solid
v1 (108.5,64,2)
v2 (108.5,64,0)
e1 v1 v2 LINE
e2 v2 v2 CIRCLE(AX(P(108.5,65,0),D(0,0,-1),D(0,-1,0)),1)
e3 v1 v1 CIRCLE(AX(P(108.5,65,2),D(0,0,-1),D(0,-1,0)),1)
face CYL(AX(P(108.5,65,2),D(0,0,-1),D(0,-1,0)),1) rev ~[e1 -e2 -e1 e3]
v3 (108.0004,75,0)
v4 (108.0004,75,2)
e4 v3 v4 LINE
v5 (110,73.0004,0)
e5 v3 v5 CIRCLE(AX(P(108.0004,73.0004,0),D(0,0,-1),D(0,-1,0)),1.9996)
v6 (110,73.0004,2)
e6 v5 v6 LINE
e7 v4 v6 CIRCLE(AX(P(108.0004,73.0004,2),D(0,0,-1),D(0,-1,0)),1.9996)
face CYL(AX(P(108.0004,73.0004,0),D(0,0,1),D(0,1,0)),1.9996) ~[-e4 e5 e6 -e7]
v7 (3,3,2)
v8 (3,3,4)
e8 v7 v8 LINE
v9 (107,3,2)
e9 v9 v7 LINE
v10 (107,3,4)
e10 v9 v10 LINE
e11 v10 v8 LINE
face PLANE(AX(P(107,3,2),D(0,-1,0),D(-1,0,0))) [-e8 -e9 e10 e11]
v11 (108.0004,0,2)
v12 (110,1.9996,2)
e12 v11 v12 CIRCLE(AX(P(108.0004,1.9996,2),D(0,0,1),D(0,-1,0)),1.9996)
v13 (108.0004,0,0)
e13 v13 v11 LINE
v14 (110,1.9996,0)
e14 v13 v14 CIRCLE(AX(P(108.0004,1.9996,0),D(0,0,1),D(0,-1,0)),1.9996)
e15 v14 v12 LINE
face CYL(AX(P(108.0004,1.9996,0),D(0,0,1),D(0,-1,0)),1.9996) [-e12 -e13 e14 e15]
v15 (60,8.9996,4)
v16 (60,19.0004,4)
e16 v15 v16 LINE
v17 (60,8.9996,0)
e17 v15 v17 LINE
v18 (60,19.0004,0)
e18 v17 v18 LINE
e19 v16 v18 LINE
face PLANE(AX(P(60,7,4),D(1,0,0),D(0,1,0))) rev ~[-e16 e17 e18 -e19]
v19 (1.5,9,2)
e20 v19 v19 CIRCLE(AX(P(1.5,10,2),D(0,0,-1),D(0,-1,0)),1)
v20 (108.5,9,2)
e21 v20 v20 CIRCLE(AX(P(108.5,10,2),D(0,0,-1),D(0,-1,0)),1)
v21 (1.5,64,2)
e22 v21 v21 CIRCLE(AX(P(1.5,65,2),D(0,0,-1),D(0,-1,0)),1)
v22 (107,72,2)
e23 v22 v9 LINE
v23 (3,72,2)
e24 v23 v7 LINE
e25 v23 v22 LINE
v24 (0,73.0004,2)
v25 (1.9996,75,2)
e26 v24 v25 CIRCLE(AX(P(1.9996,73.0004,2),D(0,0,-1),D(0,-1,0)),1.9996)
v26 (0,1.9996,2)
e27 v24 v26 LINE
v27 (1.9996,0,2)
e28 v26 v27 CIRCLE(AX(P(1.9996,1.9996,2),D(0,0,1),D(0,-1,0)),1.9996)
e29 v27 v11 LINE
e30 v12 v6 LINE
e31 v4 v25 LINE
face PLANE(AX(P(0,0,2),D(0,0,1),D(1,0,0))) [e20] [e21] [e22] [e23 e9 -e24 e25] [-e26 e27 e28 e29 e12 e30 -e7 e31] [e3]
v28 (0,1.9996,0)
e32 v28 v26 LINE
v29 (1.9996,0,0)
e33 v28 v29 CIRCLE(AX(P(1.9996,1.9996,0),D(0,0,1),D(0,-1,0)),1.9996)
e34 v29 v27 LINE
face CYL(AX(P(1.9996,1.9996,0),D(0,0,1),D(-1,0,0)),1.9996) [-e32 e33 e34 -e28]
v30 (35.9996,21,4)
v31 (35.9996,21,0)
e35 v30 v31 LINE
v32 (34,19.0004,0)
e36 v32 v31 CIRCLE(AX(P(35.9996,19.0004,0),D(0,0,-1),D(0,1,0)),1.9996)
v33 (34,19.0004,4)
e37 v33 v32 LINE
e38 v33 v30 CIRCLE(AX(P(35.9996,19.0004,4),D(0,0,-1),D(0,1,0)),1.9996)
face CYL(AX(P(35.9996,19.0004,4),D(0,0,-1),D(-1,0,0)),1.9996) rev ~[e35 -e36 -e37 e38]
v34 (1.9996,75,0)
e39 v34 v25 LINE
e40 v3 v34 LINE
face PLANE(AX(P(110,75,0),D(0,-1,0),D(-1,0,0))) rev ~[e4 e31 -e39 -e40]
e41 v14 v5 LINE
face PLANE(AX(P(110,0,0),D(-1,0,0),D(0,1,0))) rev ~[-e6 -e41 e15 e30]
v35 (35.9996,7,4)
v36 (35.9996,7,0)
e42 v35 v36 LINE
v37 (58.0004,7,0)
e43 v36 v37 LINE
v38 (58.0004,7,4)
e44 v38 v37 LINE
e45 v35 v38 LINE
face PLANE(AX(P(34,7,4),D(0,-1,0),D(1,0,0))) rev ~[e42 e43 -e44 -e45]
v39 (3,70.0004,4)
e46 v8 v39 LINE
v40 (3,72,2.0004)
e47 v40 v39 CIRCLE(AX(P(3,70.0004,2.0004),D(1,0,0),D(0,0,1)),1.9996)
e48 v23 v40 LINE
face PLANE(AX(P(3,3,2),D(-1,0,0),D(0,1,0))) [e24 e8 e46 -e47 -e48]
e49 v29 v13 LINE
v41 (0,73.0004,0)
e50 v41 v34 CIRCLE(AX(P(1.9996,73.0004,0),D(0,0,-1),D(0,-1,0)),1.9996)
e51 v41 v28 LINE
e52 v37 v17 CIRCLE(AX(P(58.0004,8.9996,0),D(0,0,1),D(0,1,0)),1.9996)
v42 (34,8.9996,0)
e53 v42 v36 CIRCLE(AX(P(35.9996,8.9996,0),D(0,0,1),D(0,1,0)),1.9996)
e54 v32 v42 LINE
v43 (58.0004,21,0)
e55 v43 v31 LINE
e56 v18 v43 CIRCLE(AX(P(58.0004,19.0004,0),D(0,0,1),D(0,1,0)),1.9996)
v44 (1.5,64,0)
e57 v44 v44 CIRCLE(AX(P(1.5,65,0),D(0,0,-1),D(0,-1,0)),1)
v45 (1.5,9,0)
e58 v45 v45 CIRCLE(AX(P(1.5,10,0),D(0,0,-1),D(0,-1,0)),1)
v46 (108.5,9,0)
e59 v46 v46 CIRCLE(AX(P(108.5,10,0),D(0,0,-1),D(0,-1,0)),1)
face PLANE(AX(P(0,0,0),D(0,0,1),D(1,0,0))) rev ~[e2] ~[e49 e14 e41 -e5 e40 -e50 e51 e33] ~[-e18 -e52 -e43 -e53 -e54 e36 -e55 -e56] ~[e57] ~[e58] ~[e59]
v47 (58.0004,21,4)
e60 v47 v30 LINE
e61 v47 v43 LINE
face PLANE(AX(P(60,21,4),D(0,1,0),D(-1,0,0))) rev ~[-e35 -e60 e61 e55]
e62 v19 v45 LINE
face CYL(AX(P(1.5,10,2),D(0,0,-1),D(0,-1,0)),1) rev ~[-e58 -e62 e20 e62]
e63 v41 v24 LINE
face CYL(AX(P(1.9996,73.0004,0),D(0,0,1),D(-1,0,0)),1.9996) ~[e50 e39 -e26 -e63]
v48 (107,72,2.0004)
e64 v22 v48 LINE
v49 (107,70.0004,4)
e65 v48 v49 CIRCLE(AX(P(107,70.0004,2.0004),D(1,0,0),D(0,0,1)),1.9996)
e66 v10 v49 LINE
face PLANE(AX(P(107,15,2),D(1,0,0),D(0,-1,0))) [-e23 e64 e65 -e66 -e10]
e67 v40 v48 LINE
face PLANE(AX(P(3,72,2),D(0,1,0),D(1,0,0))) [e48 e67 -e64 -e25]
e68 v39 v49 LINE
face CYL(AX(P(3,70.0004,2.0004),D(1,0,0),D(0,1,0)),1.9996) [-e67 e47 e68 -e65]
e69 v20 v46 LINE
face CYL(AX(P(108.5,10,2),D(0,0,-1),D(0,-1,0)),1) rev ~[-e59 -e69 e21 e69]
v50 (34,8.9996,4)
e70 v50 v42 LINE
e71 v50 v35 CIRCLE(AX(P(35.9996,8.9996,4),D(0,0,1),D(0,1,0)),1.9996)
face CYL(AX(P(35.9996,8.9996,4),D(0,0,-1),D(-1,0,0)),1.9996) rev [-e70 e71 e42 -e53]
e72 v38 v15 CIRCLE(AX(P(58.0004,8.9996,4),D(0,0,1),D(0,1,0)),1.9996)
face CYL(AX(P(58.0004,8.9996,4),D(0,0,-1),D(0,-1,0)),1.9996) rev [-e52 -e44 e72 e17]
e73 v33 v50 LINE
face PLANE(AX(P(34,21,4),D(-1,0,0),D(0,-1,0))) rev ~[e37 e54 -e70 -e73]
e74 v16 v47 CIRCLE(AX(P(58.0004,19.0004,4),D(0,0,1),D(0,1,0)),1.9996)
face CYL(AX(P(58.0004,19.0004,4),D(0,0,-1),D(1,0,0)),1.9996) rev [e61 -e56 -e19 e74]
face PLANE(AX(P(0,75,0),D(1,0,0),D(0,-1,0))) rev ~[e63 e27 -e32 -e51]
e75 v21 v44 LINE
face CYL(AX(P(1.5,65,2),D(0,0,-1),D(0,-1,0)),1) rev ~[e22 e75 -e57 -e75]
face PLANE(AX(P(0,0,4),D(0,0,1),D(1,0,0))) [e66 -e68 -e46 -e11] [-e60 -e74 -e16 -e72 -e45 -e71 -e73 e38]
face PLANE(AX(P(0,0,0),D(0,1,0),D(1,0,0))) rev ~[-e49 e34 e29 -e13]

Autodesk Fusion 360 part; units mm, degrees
sketch "Sketch1" plane through (0, 0, 0) normal (0, 0, 1) x (1, 0, 0)
  line L0 (0, 0) -> (110, 0)
  line L1 (110, 0) -> (110, 75)
  line L2 (110, 75) -> (0, 75)
  line L3 (0, 75) -> (0, 0)
  dimension "d1" = 110
  dimension "d2" = 75
extrude "Extrude1" add sketch "Sketch1" along normal blind 2
sketch "Screws" plane through (0, 0, 2) normal (0, 0, 1) x (1, 0, 0)
  line L0 (107, 72) -> (107, 3)
  line L1 (3, 3) -> (3, 72)
  line L2 (3, 72) -> (107, 72)
  line L3 (107, 3) -> (3, 3)
  line L4 (110, 75) -> (0, 75)
  line L5 (0, 0) -> (110, 0)
  line L6 (110, 0) -> (110, 75)
  line L7 (0, 75) -> (0, 0)
  line L8 (1.5, 65) -> (1.5, 10)
  line L9 (108.5, 65) -> (1.5, 65)
  line L10 (1.5, 10) -> (108.5, 10)
  line L11 (108.5, 10) -> (108.5, 65)
  dimension "d10" = 107
  dimension "d12" = 10
  dimension "d13" = 65
hole "Hole1" at (1.5, 10, 2) at (1.5, 65, 2) at (108.5, 65, 2) at (108.5, 10, 2) direction (0, 0, -1) diameter 2 depth 19 tip angle 180
sketch "screw holes" plane through (0, 0, 2) normal (0, 0, 1) x (1, 0, 0)
  line L0 (3, 3) -> (3, 72)
  line L1 (3, 72) -> (107, 72)
  line L2 (107, 72) -> (107, 3)
  line L3 (107, 3) -> (3, 3)
  line L4 (110, 75) -> (0, 75)
  line L5 (0, 0) -> (110, 0)
  line L6 (110, 0) -> (110, 75)
  line L7 (0, 75) -> (0, 0)
  line L8 (1.5, 15) -> (108.5, 15)
  line L9 (108.5, 15) -> (108.5, 65)
  line L10 (1.5, 65) -> (1.5, 15)
  line L11 (108.5, 65) -> (1.5, 65)
extrude "Extrude2" add sketch "screw holes" along normal blind 2 contours L0 L2 L3 L8 | L0 L2 L8 L11 | L0 L1 L2 L11
sketch "Sketch4" plane through (0, 0, 4) normal (0, 0, 1) x (-1, 0, 0)
  line L0 (-107, -3) -> (-107, -72)
  line L1 (-107, -72) -> (-3, -72)
  line L2 (-3, -72) -> (-3, -3)
  line L3 (-3, -3) -> (-107, -3)
  line L4 (-34, -7) -> (-60, -7)
  line L5 (-60, -7) -> (-60, -21)
  line L6 (-60, -21) -> (-34, -21)
  line L7 (-34, -21) -> (-34, -7)
  point P0 (-34, -7)
  dimension "d14" = 7
  dimension "d15" = 34
  dimension "d16" = 60
  dimension "d17" = 21
extrude "Extrude3" cut sketch "Sketch4" against normal blind 5 contours L4 L5 L6 L7
fillet "Fillet1" radius 2 1 edges at (55, 72, 4)
fillet "Fillet1" radius 2 1 edges at (110, 75, 1)
fillet "Fillet1" radius 2 1 edges at (110, 0, 1)
fillet "Fillet1" radius 2 1 edges at (0, 0, 1)
fillet "Fillet1" radius 2 1 edges at (0, 75, 1)
fillet "Fillet1" radius 2 1 edges at (60, 21, 2)
fillet "Fillet1" radius 2 1 edges at (60, 7, 2)
fillet "Fillet1" radius 2 1 edges at (34, 7, 2)
fillet "Fillet1" radius 2 1 edges at (34, 21, 2)
equation "d13 = 75 mm - d12"
